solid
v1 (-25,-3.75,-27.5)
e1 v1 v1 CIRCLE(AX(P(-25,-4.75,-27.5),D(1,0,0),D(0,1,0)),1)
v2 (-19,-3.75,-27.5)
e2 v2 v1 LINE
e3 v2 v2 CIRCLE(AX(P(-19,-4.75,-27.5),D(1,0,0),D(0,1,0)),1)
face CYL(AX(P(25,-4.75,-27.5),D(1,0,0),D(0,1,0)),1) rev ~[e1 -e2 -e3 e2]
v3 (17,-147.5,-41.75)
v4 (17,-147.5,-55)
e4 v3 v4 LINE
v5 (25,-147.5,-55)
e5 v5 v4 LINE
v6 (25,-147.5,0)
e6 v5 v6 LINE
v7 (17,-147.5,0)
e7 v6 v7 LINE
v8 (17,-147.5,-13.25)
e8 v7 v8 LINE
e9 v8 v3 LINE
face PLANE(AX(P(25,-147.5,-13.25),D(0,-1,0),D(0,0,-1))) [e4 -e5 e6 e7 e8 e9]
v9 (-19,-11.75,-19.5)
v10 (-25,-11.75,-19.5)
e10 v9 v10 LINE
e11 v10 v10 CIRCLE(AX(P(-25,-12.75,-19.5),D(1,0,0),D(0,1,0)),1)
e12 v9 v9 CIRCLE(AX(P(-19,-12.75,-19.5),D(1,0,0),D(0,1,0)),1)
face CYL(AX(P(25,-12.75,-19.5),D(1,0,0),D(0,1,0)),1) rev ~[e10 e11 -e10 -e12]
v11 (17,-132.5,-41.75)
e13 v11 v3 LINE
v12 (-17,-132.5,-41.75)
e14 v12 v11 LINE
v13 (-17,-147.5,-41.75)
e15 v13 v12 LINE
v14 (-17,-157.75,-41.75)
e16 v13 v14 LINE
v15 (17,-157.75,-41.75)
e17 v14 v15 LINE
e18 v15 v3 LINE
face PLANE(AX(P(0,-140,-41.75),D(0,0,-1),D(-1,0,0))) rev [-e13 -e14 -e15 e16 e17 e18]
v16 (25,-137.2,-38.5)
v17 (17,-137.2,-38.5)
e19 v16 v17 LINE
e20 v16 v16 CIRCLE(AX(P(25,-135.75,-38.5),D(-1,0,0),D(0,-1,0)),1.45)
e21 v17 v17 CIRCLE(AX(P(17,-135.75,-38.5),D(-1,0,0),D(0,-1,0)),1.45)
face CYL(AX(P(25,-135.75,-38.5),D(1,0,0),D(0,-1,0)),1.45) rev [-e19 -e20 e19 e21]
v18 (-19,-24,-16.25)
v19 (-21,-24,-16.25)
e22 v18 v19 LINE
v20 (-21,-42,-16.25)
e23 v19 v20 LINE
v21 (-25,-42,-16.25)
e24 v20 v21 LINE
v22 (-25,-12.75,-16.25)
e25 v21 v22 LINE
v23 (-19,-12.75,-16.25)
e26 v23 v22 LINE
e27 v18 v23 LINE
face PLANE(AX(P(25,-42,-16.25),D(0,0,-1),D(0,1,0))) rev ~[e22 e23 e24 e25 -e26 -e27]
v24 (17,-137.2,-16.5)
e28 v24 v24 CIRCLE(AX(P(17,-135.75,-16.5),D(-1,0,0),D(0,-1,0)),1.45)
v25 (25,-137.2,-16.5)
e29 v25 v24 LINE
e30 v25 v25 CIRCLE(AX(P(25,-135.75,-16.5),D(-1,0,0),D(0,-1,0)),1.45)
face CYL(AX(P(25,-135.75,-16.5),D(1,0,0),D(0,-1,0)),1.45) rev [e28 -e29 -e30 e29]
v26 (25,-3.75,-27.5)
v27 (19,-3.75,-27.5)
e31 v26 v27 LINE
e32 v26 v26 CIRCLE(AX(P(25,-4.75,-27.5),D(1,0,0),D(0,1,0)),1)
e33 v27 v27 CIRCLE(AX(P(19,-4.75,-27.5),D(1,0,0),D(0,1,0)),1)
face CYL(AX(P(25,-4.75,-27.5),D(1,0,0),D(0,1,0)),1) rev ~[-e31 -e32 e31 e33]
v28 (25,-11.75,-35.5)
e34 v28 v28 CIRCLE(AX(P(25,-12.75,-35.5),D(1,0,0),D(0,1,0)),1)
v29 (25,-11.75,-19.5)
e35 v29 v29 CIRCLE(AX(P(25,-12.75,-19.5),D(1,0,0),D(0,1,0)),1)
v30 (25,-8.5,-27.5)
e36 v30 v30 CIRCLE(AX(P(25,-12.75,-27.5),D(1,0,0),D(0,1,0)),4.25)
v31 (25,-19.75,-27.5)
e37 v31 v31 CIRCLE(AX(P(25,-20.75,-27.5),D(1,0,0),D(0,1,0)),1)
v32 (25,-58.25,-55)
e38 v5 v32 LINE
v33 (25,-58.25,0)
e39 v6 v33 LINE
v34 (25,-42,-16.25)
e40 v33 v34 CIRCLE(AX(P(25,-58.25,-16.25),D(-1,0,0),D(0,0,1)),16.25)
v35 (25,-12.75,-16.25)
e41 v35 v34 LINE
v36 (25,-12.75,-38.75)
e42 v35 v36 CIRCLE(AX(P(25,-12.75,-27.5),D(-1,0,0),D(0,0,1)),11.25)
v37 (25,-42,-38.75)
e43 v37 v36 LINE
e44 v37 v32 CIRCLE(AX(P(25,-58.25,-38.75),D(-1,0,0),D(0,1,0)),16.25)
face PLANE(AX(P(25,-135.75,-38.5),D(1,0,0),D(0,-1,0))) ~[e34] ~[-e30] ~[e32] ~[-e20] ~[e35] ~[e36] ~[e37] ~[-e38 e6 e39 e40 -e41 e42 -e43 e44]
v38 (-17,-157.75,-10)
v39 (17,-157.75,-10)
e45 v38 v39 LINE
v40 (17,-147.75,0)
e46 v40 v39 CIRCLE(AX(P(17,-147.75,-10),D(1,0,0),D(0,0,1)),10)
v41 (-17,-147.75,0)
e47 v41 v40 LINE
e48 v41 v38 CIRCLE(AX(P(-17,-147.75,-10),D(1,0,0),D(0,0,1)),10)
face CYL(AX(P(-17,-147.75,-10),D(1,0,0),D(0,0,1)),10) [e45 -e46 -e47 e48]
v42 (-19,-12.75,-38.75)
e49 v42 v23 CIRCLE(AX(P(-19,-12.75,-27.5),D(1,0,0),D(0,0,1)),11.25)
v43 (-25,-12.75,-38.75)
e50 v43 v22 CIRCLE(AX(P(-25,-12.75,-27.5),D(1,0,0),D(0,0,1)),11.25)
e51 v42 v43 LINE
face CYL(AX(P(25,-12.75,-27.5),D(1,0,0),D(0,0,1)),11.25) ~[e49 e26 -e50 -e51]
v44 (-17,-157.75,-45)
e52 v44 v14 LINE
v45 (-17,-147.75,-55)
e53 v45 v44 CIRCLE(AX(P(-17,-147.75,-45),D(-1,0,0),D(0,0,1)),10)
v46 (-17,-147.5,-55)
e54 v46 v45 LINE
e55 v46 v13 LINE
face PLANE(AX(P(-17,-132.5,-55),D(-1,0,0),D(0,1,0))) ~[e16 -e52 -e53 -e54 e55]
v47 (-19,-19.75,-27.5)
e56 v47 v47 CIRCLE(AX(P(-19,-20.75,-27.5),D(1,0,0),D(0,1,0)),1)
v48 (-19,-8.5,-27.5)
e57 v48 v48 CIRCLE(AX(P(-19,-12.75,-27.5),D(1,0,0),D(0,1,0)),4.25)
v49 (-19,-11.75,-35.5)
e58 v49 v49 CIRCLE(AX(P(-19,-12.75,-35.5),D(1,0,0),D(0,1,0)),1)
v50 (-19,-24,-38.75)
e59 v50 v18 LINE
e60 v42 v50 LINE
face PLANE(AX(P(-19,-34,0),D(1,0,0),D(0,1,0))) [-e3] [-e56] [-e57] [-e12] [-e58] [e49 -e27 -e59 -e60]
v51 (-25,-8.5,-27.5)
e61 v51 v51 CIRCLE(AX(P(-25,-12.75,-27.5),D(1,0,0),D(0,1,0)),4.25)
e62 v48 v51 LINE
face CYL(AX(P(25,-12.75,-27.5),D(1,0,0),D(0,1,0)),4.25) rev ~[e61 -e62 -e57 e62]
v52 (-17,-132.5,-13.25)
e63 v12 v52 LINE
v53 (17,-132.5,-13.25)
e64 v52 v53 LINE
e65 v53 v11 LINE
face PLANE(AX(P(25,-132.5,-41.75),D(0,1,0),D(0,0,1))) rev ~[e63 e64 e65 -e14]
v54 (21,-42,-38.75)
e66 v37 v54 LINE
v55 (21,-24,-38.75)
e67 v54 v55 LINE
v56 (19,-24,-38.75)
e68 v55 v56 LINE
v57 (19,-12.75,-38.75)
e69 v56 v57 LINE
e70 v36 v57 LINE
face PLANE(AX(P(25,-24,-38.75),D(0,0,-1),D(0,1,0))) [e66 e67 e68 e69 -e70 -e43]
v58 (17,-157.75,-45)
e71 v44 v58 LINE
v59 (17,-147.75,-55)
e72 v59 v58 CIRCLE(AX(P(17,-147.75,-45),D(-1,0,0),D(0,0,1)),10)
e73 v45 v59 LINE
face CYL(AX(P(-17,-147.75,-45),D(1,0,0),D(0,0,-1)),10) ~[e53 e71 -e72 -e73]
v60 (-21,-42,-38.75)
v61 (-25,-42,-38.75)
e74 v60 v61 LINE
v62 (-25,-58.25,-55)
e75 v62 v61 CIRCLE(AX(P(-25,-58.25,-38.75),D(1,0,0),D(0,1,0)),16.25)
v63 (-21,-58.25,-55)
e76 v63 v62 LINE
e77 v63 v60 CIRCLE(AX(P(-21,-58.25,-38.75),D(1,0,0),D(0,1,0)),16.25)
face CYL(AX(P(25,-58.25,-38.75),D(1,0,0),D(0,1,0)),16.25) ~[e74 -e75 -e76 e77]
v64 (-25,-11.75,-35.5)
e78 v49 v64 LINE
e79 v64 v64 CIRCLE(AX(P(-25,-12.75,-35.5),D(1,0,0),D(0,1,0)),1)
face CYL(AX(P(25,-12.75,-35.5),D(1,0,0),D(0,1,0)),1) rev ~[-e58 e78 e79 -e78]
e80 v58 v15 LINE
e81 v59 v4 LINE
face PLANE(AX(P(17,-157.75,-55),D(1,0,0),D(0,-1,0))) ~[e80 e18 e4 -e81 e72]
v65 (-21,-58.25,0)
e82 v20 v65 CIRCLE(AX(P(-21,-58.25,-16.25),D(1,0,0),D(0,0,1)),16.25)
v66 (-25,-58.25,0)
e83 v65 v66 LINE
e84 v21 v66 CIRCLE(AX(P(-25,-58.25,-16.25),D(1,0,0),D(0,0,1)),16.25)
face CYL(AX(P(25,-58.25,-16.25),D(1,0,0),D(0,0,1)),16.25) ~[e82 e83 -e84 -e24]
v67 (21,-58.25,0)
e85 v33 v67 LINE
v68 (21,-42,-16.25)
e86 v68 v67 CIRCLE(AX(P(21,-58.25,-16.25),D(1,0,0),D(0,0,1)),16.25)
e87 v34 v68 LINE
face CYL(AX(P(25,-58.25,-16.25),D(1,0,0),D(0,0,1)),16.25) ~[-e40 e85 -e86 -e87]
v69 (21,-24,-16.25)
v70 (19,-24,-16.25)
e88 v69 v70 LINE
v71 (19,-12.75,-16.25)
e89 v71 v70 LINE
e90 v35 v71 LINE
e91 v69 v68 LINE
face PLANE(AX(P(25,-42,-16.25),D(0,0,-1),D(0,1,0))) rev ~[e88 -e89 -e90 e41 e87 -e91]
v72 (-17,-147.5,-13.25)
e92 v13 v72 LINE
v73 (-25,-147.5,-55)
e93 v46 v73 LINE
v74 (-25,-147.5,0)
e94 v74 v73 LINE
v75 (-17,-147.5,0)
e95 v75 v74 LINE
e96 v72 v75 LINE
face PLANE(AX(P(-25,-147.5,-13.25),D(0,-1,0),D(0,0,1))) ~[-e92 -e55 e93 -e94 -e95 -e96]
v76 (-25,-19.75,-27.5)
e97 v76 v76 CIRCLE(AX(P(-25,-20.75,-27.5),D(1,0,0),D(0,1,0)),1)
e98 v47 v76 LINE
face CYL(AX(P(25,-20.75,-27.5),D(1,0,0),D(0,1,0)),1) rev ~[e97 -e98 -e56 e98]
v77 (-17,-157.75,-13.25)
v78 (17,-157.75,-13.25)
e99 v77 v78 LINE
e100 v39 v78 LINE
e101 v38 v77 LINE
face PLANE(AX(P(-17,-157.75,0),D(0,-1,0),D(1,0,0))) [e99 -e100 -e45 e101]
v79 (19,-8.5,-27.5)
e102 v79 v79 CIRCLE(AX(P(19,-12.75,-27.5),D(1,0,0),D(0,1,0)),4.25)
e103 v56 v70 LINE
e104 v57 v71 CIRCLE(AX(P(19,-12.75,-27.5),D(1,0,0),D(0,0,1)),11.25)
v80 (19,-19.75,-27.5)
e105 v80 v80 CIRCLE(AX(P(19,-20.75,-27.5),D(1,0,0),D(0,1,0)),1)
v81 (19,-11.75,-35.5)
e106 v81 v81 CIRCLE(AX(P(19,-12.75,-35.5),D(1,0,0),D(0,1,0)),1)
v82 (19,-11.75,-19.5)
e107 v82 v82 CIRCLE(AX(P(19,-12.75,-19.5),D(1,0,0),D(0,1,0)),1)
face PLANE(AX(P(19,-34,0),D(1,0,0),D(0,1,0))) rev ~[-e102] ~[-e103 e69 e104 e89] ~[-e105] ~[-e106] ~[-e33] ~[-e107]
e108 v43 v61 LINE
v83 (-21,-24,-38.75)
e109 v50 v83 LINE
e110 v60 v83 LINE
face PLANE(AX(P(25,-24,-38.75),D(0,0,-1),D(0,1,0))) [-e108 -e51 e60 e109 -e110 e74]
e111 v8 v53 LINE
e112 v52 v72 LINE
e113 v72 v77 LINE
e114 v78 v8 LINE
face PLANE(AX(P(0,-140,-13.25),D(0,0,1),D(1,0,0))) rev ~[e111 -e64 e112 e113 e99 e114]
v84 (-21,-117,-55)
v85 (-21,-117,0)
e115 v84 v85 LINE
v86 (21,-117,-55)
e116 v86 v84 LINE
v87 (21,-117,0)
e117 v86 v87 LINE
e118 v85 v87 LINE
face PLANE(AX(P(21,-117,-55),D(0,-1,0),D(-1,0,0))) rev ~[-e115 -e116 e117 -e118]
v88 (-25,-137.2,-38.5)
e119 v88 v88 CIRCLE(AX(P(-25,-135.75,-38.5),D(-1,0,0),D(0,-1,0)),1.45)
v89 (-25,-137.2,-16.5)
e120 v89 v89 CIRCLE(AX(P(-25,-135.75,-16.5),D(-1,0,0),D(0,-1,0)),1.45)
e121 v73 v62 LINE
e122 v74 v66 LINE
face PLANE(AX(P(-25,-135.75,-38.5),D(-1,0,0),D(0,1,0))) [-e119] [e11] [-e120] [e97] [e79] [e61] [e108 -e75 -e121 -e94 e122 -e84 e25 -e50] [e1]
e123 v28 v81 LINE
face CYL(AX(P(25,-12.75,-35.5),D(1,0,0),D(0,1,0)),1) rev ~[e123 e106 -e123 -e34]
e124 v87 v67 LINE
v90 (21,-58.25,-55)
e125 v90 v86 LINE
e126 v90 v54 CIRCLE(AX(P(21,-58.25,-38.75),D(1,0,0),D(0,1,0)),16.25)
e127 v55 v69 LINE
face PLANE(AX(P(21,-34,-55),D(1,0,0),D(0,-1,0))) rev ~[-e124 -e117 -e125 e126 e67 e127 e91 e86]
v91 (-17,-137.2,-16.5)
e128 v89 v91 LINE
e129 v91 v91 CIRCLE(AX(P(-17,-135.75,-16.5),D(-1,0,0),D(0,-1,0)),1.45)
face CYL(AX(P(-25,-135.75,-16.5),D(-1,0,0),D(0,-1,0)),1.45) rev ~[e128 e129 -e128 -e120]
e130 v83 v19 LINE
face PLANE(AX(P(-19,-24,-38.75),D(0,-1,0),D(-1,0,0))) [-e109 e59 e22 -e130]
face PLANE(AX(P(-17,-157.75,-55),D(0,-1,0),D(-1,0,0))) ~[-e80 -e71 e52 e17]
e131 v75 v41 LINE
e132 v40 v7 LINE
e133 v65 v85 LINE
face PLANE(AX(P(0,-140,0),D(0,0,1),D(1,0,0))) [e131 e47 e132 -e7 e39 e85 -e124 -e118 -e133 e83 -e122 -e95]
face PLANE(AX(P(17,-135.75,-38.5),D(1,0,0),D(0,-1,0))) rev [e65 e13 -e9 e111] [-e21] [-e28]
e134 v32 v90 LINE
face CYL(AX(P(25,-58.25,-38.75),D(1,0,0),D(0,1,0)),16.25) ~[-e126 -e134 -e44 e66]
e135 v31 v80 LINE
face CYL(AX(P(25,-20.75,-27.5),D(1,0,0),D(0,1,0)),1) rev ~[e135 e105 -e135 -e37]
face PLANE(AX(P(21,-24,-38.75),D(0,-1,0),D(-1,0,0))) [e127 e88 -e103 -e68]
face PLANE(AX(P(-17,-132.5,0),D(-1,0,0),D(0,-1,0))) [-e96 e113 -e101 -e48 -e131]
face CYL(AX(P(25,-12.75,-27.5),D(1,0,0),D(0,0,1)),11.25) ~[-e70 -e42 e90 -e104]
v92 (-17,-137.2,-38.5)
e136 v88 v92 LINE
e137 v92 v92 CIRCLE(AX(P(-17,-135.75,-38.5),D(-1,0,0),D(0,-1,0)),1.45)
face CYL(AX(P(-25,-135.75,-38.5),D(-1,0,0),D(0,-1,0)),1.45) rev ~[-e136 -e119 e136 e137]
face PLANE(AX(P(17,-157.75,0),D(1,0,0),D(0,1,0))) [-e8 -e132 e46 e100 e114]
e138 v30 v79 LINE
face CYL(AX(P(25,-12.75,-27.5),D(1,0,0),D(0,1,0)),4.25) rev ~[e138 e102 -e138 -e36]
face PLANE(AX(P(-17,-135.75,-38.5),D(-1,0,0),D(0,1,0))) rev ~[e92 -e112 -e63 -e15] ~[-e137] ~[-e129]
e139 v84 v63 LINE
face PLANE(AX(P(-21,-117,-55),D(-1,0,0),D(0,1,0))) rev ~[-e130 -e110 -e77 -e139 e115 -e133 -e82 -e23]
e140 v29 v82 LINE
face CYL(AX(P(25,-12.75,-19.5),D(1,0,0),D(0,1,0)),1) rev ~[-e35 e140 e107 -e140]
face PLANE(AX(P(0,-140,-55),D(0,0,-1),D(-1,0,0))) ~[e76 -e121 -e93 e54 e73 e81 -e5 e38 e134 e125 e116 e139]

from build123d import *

# Parameters (mm, degrees)
SKETCH1_W           = 50
SKETCH1_H           = 170
BOSS_EXTRUDE1_DEPTH = 55
SKETCH2_W           = 34
SKETCH2_H           = 27
CUT_EXTRUDE1_DEPTH  = 181.416185527
SKETCH3_W           = 10
SKETCH3_H           = 24
SKETCH3_R           = 4.25
SKETCH3_R_2         = 1
CUT_EXTRUDE2_DEPTH  = 186.539753153
SKETCH4_W           = 2
SKETCH4_H           = 24
CUT_EXTRUDE3_DEPTH  = 178.623196683
SKETCH5_W           = 6.25
SKETCH5_H           = 11.25
CUT_EXTRUDE4_DEPTH  = 186.539753153
SKETCH6_W           = 38
SKETCH6_H           = 10
CUT_EXTRUDE5_DEPTH  = 181.416185527
SKETCH8_W           = 13.25
SKETCH8_H           = 2.25
CUT_EXTRUDE7_DEPTH  = 186.539753153
SKETCH9_W           = 34
SKETCH9_H           = 35.25
CUT_EXTRUDE8_DEPTH  = 179.297679458
SKETCH11_W          = 13.25
SKETCH11_H          = 20.25
CUT_EXTRUDE9_DEPTH  = 184.480414486
SKETCH12_W          = 28.5
SKETCH12_H          = 15
BOSS_EXTRUDE2_DEPTH = 8
SKETCH14_W          = 34
SKETCH14_H          = 15
SKETCH14_H_2        = 10.25
BOSS_EXTRUDE3_DEPTH = 13.25
SKETCH16_R          = 4.5
SKETCH16_R_2        = 2.5
CUT_EXTRUDE13_DEPTH = 8
SKETCH17_W          = 16.25
SKETCH17_H          = 18
CUT_EXTRUDE14_DEPTH = 175.384811552
CUT_EXTRUDE15_DEPTH = 175.384811552
SKETCH20_W          = 42
SKETCH20_H          = 6.25
SKETCH20_H_2        = 18
SKETCH20_H_3        = 58.75
CUT_EXTRUDE18_DEPTH = 169.923244404
SKETCH22_R          = 4.5
SKETCH22_R_2        = 1.45
BOSS_EXTRUDE4_DEPTH = 8
SKETCH23_W          = 2
SKETCH23_H          = 10
CUT_EXTRUDE19_DEPTH = 165.352137193
FILLET1_R           = 10


with BuildPart() as part:
    # Sketch1 → Boss-Extrude1 (new body)
    with BuildSketch(Plane.XY):
        with Locations((0, -85)):
            Rectangle(SKETCH1_W, SKETCH1_H)
    extrude(amount=-BOSS_EXTRUDE1_DEPTH)

    # Sketch2 → Cut-Extrude1 (cut, through all)
    with BuildSketch(Plane.XY):
        with Locations((0, -13.5)):
            Rectangle(SKETCH2_W, SKETCH2_H)
    extrude(amount=-CUT_EXTRUDE1_DEPTH, mode=Mode.SUBTRACT)

    # Sketch3 → Cut-Extrude2 (cut, through all)
    with BuildSketch(Plane(origin=(25, 0, 0), x_dir=(0, 0, -1), z_dir=(1, 0, 0))):
        with Locations((50, -12)):
            Rectangle(SKETCH3_W, SKETCH3_H)
        with Locations((5, -12)):
            Rectangle(SKETCH3_W, SKETCH3_H)
        with Locations(Location((27.5, -12.75, 0), (0, 0, 90))):
            Circle(SKETCH3_R)
        with Locations(Location((35.5, -12.75, 0), (0, 0, 90))):
            Circle(SKETCH3_R_2)
        with Locations(Location((27.5, -4.75, 0), (0, 0, 90))):
            Circle(SKETCH3_R_2)
        with Locations(Location((27.5, -20.75, 0), (0, 0, 90))):
            Circle(SKETCH3_R_2)
        with Locations(Location((19.5, -12.75, 0), (0, 0, 90))):
            Circle(SKETCH3_R_2)
    extrude(amount=-CUT_EXTRUDE2_DEPTH, mode=Mode.SUBTRACT)

    # Sketch4 → Cut-Extrude3 (cut, through all)
    with BuildSketch(Plane.XY.offset(-10)):
        with Locations((-18, -12)):
            Rectangle(SKETCH4_W, SKETCH4_H)
        with Locations((18, -12)):
            Rectangle(SKETCH4_W, SKETCH4_H)
    extrude(amount=-CUT_EXTRUDE3_DEPTH, mode=Mode.SUBTRACT)

    # Sketch5 → Cut-Extrude4 (cut, through all)
    with BuildSketch(Plane(origin=(25, 0, 0), x_dir=(0, 0, -1), z_dir=(1, 0, 0))):
        with BuildLine():
            Line((45, 0), (10, 0))
            Line((10, 0), (10, -12.75))
            Line((10, -12.75), (16.25, -12.75))
            ThreePointArc((16.25, -12.75), (27.5, -1.5), (38.75, -12.75))
            Line((38.75, -12.75), (45, -12.75))
            Line((45, -12.75), (45, 0))
        make_face()
        with Locations((13.125, -18.375)):
            Rectangle(SKETCH5_W, SKETCH5_H)
        with Locations((41.875, -18.375)):
            Rectangle(SKETCH5_W, SKETCH5_H)
    extrude(amount=-CUT_EXTRUDE4_DEPTH, mode=Mode.SUBTRACT)

    # Sketch6 → Cut-Extrude5 (cut, through all)
    with BuildSketch(Plane.XY):
        with Locations((0, -29)):
            Rectangle(SKETCH6_W, SKETCH6_H)
    extrude(amount=-CUT_EXTRUDE5_DEPTH, mode=Mode.SUBTRACT)

    # Sketch8 → Cut-Extrude7 (cut, through all)
    with BuildSketch(Plane(origin=(25, 0, 0), x_dir=(0, 0, -1), z_dir=(1, 0, 0))):
        with BuildLine():
            Line((27.5, -157.5), (27.5, -132.5))
            Line((27.5, -132.5), (13.25, -132.5))
            Line((13.25, -132.5), (13.25, -167.75))
            Line((13.25, -167.75), (17.25, -167.75))
            ThreePointArc((17.25, -167.75), (20.252155493, -160.502155493), (27.5, -157.5))
        make_face()
        with BuildLine():
            Line((41.75, -167.75), (41.75, -132.5))
            Line((41.75, -132.5), (27.5, -132.5))
            Line((27.5, -132.5), (27.5, -157.5))
            ThreePointArc((27.5, -157.5), (34.747844507, -160.502155493), (37.75, -167.75))
            Line((37.75, -167.75), (41.75, -167.75))
        make_face()
        with Locations((48.375, -168.875)):
            Rectangle(SKETCH8_W, SKETCH8_H)
        with Locations((6.625, -168.875)):
            Rectangle(SKETCH8_W, SKETCH8_H)
        with BuildLine():
            Line((17.25, -167.75), (13.25, -167.75))
            Line((13.25, -167.75), (13.25, -170))
            Line((13.25, -170), (17.5, -170))
            ThreePointArc((17.5, -170), (17.31269172, -168.881923142), (17.25, -167.75))
        make_face()
        with BuildLine():
            Line((41.75, -170), (41.75, -167.75))
            Line((41.75, -167.75), (37.75, -167.75))
            ThreePointArc((37.75, -167.75), (37.68730828, -168.881923142), (37.5, -170))
            Line((37.5, -170), (41.75, -170))
        make_face()
        with BuildLine():
            Line((27.5, -167.75), (27.5, -157.5))
            ThreePointArc((27.5, -157.5), (20.252155493, -160.502155493), (17.25, -167.75))
            Line((17.25, -167.75), (27.5, -167.75))
        make_face()
        with BuildLine():
            ThreePointArc((37.75, -167.75), (34.747844507, -160.502155493), (27.5, -157.5))
            Line((27.5, -157.5), (27.5, -167.75))
            Line((27.5, -167.75), (37.75, -167.75))
        make_face()
        with BuildLine():
            Line((27.5, -170), (27.5, -167.75))
            Line((27.5, -167.75), (17.25, -167.75))
            ThreePointArc((17.25, -167.75), (17.31269172, -168.881923142), (17.5, -170))
            Line((17.5, -170), (27.5, -170))
        make_face()
        with BuildLine():
            ThreePointArc((37.5, -170), (37.68730828, -168.881923142), (37.75, -167.75))
            Line((37.75, -167.75), (27.5, -167.75))
            Line((27.5, -167.75), (27.5, -170))
            Line((27.5, -170), (37.5, -170))
        make_face()
    extrude(amount=-CUT_EXTRUDE7_DEPTH, mode=Mode.SUBTRACT)

    # Sketch9 → Cut-Extrude8 (cut, through all)
    with BuildSketch(Plane.XY):
        with Locations((0, -150.125)):
            Rectangle(SKETCH9_W, SKETCH9_H)
    extrude(amount=-CUT_EXTRUDE8_DEPTH, mode=Mode.SUBTRACT)

    # Sketch11 → Cut-Extrude9 (cut, through all)
    with BuildSketch(Plane(origin=(25, 0, 0), x_dir=(0, 0, -1), z_dir=(1, 0, 0))):
        with BuildLine():
            ThreePointArc((17.25, -167.75), (20.252155493, -160.502155493), (27.5, -157.5))
            Line((27.5, -157.5), (27.5, -147.5))
            Line((27.5, -147.5), (13.25, -147.5))
            Line((13.25, -147.5), (13.25, -167.75))
            Line((13.25, -167.75), (17.25, -167.75))
        make_face()
        with BuildLine():
            Line((27.5, -147.5), (27.5, -157.5))
            ThreePointArc((27.5, -157.5), (34.747844507, -160.502155493), (37.75, -167.75))
            Line((37.75, -167.75), (41.75, -167.75))
            Line((41.75, -167.75), (41.75, -147.5))
            Line((41.75, -147.5), (27.5, -147.5))
        make_face()
        with Locations((48.375, -157.625)):
            Rectangle(SKETCH11_W, SKETCH11_H)
        with Locations((6.625, -157.625)):
            Rectangle(SKETCH11_W, SKETCH11_H)
    extrude(amount=-CUT_EXTRUDE9_DEPTH, mode=Mode.SUBTRACT)

    # Sketch12 → Boss-Extrude2 (add)
    with BuildSketch(Plane(origin=(25, 0, 0), x_dir=(0, 0, -1), z_dir=(1, 0, 0))):
        with Locations((27.5, -140)):
            Rectangle(SKETCH12_W, SKETCH12_H)
    boss_extrude2 = extrude(amount=-BOSS_EXTRUDE2_DEPTH)

    # Mirror1: Boss-Extrude2 across plane
    add(boss_extrude2.mirror(Plane(origin=(0, 0, 0), x_dir=(0, 0, 1), z_dir=(1, 0, 0))))

    # Sketch14 → Boss-Extrude3 (add)
    with BuildSketch(Plane.XY):
        with Locations((0, -140)):
            Rectangle(SKETCH14_W, SKETCH14_H)
        with Locations((0, -152.625)):
            Rectangle(SKETCH14_W, SKETCH14_H_2)
    boss_extrude3 = extrude(amount=-BOSS_EXTRUDE3_DEPTH)

    # Mirror2: Boss-Extrude3 across plane
    add(boss_extrude3.mirror(Plane.XY.offset(-27.5)))

    # Sketch16 → Cut-Extrude13 (cut)
    # profile 1 of 3: a face of its own
    with BuildSketch(Plane(origin=(25, 0, 0), x_dir=(0, 0, -1), z_dir=(1, 0, 0))):
        with Locations(Location((16.5, -135.75, 0), (0, 0, 90))):
            Circle(SKETCH16_R)
        with Locations((16.5, -135.75)):
            Circle(SKETCH16_R_2, mode=Mode.SUBTRACT)
    # profile 2 of 3: a face of its own
    with BuildSketch(Plane(origin=(25, 0, 0), x_dir=(0, 0, -1), z_dir=(1, 0, 0))):
        with Locations((16.5, -135.75)):
            Circle(SKETCH16_R_2)
    # profile 3 of 3: a face of its own
    with BuildSketch(Plane(origin=(25, 0, 0), x_dir=(0, 0, -1), z_dir=(1, 0, 0))):
        with Locations(Location((38.5, -135.75, 0), (0, 0, 90))):
            Circle(SKETCH16_R)
    cut_extrude13 = extrude(amount=-CUT_EXTRUDE13_DEPTH, mode=Mode.SUBTRACT)

    # Mirror3: Cut-Extrude13 across plane
    add(cut_extrude13.mirror(Plane(origin=(0, 0, 0), x_dir=(0, 0, 1), z_dir=(1, 0, 0))), mode=Mode.SUBTRACT)

    # Sketch17 → Cut-Extrude14 (cut, through all)
    with BuildSketch(Plane(origin=(25, 0, 0), x_dir=(0, 0, -1), z_dir=(1, 0, 0))):
        with Locations((46.875, -33)):
            Rectangle(SKETCH17_W, SKETCH17_H)
        with Locations((8.125, -33)):
            Rectangle(SKETCH17_W, SKETCH17_H)
    extrude(amount=-CUT_EXTRUDE14_DEPTH, mode=Mode.SUBTRACT)

    # Sketch18 → Cut-Extrude15 (cut, through all)
    with BuildSketch(Plane(origin=(25, 0, 0), x_dir=(0, 0, -1), z_dir=(1, 0, 0))):
        with BuildLine():
            ThreePointArc((0, -58.25), (4.759514806, -46.759514806), (16.25, -42))
            Line((16.25, -42), (0, -42))
            Line((0, -42), (0, -58.25))
        make_face()
        with BuildLine():
            Line((55, -42), (38.75, -42))
            ThreePointArc((38.75, -42), (50.240485194, -46.759514806), (55, -58.25))
            Line((55, -58.25), (55, -42))
        make_face()
    extrude(amount=-CUT_EXTRUDE15_DEPTH, mode=Mode.SUBTRACT)

    # Sketch20 → Cut-Extrude18 (cut, through all)
    with BuildSketch(Plane(origin=(0, 0, -55), x_dir=(-1, 0, 0), z_dir=(0, 0, -1))):
        with Locations((0, -55.125)):
            Rectangle(SKETCH20_W, SKETCH20_H)
        with Locations((0, -43)):
            Rectangle(SKETCH20_W, SKETCH20_H_2)
        with Locations((0, -87.625)):
            Rectangle(SKETCH20_W, SKETCH20_H_3)
    extrude(amount=-CUT_EXTRUDE18_DEPTH, mode=Mode.SUBTRACT)

    # Sketch22 → Boss-Extrude4 (add)
    # profile 1 of 2: a face of its own
    with BuildSketch(Plane.ZY.offset(25)):
        with Locations(Location((-38.5, -135.75, 0), (0, 0, 90))):
            Circle(SKETCH22_R)
        with Locations(Location((-38.5, -135.75, 0), (0, 0, 270))):
            Circle(SKETCH22_R_2, mode=Mode.SUBTRACT)
    # profile 2 of 2: a face of its own
    with BuildSketch(Plane.ZY.offset(25)):
        with Locations(Location((-16.5, -135.75, 0), (0, 0, 90))):
            Circle(SKETCH22_R)
        with Locations(Location((-16.5, -135.75, 0), (0, 0, 270))):
            Circle(SKETCH22_R_2, mode=Mode.SUBTRACT)
    boss_extrude4 = extrude(amount=-BOSS_EXTRUDE4_DEPTH)

    # Mirror4: Boss-Extrude4 across plane
    add(boss_extrude4.mirror(Plane(origin=(0, 0, 0), x_dir=(0, 0, 1), z_dir=(1, 0, 0))))

    # Sketch23 → Cut-Extrude19 (cut, through all)
    with BuildSketch(Plane(origin=(0, 0, -38.75), x_dir=(-1, 0, 0), z_dir=(0, 0, -1))):
        with Locations((-20, -29)):
            Rectangle(SKETCH23_W, SKETCH23_H)
        with Locations((20, -29)):
            Rectangle(SKETCH23_W, SKETCH23_H)
    extrude(amount=-CUT_EXTRUDE19_DEPTH, mode=Mode.SUBTRACT)

    # Fillet1
    fillet1_edges = [part.edges().sort_by_distance(p)[0] for p in [
        (0, -157.75, 0),
        (0, -157.75, -55),
    ]]
    fillet(fillet1_edges, radius=FILLET1_R)


solid = part.part
